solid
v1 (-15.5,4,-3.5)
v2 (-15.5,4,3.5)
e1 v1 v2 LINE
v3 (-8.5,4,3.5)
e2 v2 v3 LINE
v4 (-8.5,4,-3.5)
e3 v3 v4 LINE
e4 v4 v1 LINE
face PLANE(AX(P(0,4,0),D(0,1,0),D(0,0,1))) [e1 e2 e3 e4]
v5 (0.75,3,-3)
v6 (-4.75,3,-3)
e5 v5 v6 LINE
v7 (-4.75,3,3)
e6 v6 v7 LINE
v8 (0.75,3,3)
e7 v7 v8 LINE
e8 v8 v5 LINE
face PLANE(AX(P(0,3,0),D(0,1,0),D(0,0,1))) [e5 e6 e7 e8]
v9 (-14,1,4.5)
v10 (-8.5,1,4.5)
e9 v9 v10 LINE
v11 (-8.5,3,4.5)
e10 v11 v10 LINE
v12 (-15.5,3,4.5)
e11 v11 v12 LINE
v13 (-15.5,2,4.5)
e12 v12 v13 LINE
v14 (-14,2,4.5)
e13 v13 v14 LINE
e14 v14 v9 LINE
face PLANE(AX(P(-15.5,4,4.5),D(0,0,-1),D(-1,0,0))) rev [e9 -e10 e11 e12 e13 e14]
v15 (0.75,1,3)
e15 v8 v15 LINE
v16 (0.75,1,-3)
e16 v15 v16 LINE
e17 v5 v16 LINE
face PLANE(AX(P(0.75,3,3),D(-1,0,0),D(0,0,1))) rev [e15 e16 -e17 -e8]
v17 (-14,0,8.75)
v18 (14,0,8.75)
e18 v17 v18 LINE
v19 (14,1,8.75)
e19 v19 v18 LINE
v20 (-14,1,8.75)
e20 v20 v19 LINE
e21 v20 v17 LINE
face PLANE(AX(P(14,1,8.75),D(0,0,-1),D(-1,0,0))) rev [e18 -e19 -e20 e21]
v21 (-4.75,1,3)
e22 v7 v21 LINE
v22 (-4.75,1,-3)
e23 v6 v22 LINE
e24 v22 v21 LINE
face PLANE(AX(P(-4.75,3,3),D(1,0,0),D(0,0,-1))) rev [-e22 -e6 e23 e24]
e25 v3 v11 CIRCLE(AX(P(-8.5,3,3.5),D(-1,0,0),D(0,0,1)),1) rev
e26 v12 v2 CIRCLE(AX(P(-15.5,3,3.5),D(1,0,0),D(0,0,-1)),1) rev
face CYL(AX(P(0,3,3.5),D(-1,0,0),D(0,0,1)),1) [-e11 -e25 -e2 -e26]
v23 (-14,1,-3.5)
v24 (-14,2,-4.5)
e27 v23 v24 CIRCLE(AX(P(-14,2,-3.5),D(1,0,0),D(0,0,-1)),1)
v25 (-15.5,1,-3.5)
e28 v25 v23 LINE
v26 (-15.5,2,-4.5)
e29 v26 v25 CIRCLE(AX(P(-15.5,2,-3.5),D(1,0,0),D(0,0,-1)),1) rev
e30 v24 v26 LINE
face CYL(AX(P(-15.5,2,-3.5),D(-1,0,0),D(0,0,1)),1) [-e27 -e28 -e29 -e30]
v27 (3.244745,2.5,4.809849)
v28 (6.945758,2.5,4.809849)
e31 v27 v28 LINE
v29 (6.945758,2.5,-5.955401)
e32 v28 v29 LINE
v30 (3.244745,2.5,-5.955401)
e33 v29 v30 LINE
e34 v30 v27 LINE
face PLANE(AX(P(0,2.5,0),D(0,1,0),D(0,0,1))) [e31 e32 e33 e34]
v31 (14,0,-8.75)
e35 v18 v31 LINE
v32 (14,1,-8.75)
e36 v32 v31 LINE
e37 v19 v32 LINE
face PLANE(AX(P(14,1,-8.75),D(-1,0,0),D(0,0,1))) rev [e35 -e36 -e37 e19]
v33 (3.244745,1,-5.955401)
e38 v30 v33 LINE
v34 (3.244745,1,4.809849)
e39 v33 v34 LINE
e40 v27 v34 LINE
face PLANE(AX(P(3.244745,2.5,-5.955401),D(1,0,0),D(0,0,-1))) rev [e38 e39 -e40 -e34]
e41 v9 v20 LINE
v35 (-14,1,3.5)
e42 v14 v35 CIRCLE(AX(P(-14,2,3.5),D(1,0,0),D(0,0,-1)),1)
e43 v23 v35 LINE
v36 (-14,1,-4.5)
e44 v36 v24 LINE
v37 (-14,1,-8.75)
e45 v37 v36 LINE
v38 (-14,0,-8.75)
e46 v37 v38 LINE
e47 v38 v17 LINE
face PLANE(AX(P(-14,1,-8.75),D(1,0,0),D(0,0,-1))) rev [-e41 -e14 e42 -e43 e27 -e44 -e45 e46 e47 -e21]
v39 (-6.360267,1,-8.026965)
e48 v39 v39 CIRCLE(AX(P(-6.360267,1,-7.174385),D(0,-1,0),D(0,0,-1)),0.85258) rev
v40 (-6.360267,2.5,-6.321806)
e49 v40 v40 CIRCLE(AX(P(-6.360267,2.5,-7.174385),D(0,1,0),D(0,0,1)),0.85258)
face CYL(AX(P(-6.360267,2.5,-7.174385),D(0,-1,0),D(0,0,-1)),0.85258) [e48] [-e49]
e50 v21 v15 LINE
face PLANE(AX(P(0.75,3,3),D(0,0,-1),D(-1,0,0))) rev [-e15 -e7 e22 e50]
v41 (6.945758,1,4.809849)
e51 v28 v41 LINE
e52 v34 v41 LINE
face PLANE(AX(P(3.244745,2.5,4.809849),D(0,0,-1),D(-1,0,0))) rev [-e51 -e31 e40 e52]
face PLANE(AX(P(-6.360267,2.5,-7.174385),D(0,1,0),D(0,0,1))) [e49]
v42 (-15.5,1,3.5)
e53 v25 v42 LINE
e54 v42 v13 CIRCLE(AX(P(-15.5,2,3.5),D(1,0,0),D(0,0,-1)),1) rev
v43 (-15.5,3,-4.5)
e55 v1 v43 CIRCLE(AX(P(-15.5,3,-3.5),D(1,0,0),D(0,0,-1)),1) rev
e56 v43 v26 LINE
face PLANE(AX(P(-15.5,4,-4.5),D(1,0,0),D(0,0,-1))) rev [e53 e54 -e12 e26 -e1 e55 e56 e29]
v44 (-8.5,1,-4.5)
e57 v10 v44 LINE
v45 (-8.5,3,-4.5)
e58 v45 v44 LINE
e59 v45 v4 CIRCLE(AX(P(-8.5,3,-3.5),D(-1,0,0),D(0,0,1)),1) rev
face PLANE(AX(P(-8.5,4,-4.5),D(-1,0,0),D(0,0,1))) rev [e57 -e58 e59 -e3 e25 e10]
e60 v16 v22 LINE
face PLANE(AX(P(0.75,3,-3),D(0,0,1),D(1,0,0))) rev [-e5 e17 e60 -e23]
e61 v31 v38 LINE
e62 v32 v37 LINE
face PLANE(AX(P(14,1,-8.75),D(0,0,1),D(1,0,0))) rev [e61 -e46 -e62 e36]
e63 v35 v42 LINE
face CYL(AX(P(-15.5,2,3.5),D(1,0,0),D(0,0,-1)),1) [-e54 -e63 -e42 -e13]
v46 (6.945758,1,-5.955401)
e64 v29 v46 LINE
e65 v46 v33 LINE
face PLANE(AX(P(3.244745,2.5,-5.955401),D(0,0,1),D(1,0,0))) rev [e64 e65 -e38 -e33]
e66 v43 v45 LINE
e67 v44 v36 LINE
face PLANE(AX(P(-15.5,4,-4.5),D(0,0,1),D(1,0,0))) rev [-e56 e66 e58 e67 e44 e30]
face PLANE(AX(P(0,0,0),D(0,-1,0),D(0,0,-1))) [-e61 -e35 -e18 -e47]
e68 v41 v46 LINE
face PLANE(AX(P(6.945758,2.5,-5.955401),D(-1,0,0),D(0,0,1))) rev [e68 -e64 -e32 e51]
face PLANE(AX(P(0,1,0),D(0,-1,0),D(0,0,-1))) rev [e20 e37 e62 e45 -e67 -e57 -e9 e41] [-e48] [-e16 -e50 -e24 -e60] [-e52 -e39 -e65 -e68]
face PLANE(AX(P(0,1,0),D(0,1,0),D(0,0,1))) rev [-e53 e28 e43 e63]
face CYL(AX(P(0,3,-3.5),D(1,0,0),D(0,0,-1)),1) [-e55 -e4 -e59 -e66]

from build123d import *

# Parameters (mm, degrees)
SKETCH1_W           = 28
SKETCH1_H           = 17.5
BOSS_EXTRUDE1_DEPTH = 1
SKETCH2_W           = 7
SKETCH2_H           = 9
BOSS_EXTRUDE2_DEPTH = 3
FILLET1_R           = 1
SKETCH3_W           = 5.5
SKETCH3_H           = 6
BOSS_EXTRUDE3_DEPTH = 2
SKETCH4_R           = 0.852579897
SKETCH4_W           = 3.701013581
SKETCH4_H           = 10.765249821
BOSS_EXTRUDE5_DEPTH = 1.5


with BuildPart() as part:
    # Sketch1 → Boss-Extrude1 (new body)
    with BuildSketch(Plane(origin=(0, 0, 0), x_dir=(1, 0, 0), z_dir=(0, 1, 0))):
        Rectangle(SKETCH1_W, SKETCH1_H)
    extrude(amount=BOSS_EXTRUDE1_DEPTH)

    # Sketch2 → Boss-Extrude2 (add)
    with BuildSketch(Plane(origin=(0, 1, 0), x_dir=(1, 0, 0), z_dir=(0, 1, 0))):
        with Locations((-12, 0)):
            Rectangle(SKETCH2_W, SKETCH2_H)
    extrude(amount=BOSS_EXTRUDE2_DEPTH)

    # Fillet1
    fillet1_edges = [part.edges().sort_by_distance(p)[0] for p in [
        (-14.75, 1, 4.5),
        (-14.75, 1, -4.5),
        (-12, 4, 4.5),
        (-12, 4, -4.5),
    ]]
    fillet(fillet1_edges, radius=FILLET1_R)

    # Sketch3 → Boss-Extrude3 (add)
    with BuildSketch(Plane(origin=(0, 1, 0), x_dir=(1, 0, 0), z_dir=(0, 1, 0))):
        with Locations((-2, 0)):
            Rectangle(SKETCH3_W, SKETCH3_H)
    extrude(amount=BOSS_EXTRUDE3_DEPTH)

    # Sketch4 → Boss-Extrude5 (add)
    with BuildSketch(Plane(origin=(0, 1, 0), x_dir=(1, 0, 0), z_dir=(0, 1, 0))):
        with Locations(Location((-6.360266619, 7.174385454, 0), (0, 0, 90))):
            Circle(SKETCH4_R)
        with Locations((5.095251608, 0.572775911)):
            Rectangle(SKETCH4_W, SKETCH4_H)
    extrude(amount=BOSS_EXTRUDE5_DEPTH)


solid = part.part
